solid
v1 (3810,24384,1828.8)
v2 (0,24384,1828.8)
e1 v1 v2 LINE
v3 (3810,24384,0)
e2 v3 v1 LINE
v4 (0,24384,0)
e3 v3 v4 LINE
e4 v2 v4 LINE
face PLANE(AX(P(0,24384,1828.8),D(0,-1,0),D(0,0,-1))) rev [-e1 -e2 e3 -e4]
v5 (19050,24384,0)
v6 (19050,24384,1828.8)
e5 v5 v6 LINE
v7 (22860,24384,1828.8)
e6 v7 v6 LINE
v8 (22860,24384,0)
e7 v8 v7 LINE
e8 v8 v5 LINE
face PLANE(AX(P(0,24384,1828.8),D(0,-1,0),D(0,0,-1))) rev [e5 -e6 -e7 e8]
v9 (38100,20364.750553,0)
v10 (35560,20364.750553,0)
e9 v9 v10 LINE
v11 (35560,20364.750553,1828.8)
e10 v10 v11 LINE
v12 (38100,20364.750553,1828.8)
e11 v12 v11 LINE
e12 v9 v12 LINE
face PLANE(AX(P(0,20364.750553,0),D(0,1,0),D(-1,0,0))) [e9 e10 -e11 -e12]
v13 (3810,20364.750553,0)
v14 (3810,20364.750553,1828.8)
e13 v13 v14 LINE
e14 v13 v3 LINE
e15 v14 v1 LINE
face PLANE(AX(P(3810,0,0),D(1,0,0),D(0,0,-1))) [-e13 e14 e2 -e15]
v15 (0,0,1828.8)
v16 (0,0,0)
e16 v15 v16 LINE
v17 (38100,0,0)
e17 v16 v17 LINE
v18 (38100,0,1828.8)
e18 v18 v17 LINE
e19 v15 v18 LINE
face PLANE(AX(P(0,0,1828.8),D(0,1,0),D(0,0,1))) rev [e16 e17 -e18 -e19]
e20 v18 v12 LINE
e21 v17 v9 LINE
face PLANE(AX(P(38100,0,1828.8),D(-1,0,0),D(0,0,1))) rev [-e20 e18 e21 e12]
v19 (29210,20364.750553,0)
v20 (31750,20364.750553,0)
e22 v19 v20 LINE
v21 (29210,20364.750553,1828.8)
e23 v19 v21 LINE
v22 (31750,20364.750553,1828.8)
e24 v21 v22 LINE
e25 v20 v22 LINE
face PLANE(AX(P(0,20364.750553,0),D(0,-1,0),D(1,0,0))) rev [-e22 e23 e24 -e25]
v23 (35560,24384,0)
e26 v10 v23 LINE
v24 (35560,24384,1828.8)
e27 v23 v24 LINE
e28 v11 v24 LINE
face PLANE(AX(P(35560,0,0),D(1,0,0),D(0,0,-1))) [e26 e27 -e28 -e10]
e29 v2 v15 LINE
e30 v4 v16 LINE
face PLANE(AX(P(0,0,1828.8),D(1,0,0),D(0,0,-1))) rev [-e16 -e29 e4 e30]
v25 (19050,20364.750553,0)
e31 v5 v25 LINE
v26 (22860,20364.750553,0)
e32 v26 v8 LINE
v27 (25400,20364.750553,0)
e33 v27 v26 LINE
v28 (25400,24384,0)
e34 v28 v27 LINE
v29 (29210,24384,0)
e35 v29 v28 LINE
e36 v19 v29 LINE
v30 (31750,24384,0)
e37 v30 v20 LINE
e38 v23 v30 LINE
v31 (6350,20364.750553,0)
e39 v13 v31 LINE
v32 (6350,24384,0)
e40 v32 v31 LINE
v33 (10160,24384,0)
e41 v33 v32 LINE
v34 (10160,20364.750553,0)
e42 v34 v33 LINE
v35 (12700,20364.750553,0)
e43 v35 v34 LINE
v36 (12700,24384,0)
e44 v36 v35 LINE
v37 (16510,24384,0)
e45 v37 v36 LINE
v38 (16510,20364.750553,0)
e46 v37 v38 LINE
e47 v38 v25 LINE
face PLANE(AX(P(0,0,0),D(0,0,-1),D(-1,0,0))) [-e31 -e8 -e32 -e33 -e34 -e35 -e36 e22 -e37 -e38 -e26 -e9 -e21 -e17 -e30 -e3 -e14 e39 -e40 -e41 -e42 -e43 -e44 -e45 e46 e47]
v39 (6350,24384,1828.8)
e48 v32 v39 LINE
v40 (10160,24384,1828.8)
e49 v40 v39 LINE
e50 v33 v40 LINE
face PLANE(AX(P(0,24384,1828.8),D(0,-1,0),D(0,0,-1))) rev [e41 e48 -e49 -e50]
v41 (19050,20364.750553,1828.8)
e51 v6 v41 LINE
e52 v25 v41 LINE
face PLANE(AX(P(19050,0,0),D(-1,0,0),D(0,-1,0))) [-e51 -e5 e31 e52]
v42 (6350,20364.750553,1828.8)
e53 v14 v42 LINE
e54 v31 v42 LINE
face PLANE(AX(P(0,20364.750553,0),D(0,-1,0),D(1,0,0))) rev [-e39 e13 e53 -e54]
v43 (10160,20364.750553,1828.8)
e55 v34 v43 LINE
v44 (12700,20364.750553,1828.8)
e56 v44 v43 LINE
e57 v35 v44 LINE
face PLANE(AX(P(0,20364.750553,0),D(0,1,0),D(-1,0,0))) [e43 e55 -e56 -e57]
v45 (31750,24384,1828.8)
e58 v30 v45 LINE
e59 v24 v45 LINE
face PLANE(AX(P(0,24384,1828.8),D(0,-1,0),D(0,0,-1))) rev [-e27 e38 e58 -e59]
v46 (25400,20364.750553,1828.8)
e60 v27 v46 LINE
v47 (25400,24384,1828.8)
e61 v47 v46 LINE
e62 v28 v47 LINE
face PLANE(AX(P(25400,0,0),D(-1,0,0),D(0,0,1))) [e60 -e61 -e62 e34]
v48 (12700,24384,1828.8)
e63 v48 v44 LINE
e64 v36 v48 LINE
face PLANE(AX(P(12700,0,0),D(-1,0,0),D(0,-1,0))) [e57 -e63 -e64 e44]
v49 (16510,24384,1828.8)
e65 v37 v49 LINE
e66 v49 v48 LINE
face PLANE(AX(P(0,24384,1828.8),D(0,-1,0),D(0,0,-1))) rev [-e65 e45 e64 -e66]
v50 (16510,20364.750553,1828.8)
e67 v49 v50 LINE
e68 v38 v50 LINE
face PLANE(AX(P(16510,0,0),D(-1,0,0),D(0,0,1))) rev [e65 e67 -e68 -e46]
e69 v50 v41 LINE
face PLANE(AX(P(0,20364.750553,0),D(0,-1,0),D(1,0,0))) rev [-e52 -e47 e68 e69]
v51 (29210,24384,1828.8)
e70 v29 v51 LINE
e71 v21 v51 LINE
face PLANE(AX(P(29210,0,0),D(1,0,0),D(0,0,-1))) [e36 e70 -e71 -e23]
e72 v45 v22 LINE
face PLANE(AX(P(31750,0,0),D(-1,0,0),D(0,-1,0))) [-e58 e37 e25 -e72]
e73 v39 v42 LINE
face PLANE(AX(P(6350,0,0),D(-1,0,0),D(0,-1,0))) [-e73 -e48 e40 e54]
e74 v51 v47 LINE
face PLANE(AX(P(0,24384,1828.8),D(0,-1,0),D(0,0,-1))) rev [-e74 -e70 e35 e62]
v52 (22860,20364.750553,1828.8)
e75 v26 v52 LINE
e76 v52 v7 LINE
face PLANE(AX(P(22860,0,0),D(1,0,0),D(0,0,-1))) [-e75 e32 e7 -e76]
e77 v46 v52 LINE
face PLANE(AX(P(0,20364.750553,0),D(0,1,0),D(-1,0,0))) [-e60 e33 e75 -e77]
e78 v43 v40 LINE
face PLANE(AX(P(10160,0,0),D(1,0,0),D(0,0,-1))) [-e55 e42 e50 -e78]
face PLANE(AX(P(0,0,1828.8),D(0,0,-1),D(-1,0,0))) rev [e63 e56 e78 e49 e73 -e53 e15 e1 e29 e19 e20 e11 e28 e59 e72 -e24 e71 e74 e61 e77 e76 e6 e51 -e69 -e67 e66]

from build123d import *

# Parameters (mm, degrees)
SKETCH1_W           = 38100
SKETCH1_H           = 24384
BOSS_EXTRUDE1_DEPTH = 1828.8
SKETCH2_W           = 2540
SKETCH2_H           = 4019.249447419
CUT_EXTRUDE2_DEPTH  = 1828.8


with BuildPart() as part:
    # Sketch1 → Boss-Extrude1 (new body)
    with BuildSketch(Plane.XY):
        with Locations((19050, 12192)):
            Rectangle(SKETCH1_W, SKETCH1_H)
    extrude(amount=BOSS_EXTRUDE1_DEPTH)

    # Sketch2 → Cut-Extrude2 (cut)
    with BuildSketch(Plane.XY.offset(1828.8)):
        with Locations((5080, 22374.37527629)):
            Rectangle(SKETCH2_W, SKETCH2_H)
        Polygon((11430, 24384), (10160, 24384), (10160, 20364.750552581), (12700, 20364.750552581), (12700, 24384), align=None)
        with Locations((17780, 22374.37527629)):
            Rectangle(SKETCH2_W, SKETCH2_H)
        with Locations((24130, 22374.37527629)):
            Rectangle(SKETCH2_W, SKETCH2_H)
        with Locations((30480, 22374.37527629)):
            Rectangle(SKETCH2_W, SKETCH2_H)
        with Locations((36830, 22374.37527629)):
            Rectangle(SKETCH2_W, SKETCH2_H)
    extrude(amount=-CUT_EXTRUDE2_DEPTH, mode=Mode.SUBTRACT)


solid = part.part
